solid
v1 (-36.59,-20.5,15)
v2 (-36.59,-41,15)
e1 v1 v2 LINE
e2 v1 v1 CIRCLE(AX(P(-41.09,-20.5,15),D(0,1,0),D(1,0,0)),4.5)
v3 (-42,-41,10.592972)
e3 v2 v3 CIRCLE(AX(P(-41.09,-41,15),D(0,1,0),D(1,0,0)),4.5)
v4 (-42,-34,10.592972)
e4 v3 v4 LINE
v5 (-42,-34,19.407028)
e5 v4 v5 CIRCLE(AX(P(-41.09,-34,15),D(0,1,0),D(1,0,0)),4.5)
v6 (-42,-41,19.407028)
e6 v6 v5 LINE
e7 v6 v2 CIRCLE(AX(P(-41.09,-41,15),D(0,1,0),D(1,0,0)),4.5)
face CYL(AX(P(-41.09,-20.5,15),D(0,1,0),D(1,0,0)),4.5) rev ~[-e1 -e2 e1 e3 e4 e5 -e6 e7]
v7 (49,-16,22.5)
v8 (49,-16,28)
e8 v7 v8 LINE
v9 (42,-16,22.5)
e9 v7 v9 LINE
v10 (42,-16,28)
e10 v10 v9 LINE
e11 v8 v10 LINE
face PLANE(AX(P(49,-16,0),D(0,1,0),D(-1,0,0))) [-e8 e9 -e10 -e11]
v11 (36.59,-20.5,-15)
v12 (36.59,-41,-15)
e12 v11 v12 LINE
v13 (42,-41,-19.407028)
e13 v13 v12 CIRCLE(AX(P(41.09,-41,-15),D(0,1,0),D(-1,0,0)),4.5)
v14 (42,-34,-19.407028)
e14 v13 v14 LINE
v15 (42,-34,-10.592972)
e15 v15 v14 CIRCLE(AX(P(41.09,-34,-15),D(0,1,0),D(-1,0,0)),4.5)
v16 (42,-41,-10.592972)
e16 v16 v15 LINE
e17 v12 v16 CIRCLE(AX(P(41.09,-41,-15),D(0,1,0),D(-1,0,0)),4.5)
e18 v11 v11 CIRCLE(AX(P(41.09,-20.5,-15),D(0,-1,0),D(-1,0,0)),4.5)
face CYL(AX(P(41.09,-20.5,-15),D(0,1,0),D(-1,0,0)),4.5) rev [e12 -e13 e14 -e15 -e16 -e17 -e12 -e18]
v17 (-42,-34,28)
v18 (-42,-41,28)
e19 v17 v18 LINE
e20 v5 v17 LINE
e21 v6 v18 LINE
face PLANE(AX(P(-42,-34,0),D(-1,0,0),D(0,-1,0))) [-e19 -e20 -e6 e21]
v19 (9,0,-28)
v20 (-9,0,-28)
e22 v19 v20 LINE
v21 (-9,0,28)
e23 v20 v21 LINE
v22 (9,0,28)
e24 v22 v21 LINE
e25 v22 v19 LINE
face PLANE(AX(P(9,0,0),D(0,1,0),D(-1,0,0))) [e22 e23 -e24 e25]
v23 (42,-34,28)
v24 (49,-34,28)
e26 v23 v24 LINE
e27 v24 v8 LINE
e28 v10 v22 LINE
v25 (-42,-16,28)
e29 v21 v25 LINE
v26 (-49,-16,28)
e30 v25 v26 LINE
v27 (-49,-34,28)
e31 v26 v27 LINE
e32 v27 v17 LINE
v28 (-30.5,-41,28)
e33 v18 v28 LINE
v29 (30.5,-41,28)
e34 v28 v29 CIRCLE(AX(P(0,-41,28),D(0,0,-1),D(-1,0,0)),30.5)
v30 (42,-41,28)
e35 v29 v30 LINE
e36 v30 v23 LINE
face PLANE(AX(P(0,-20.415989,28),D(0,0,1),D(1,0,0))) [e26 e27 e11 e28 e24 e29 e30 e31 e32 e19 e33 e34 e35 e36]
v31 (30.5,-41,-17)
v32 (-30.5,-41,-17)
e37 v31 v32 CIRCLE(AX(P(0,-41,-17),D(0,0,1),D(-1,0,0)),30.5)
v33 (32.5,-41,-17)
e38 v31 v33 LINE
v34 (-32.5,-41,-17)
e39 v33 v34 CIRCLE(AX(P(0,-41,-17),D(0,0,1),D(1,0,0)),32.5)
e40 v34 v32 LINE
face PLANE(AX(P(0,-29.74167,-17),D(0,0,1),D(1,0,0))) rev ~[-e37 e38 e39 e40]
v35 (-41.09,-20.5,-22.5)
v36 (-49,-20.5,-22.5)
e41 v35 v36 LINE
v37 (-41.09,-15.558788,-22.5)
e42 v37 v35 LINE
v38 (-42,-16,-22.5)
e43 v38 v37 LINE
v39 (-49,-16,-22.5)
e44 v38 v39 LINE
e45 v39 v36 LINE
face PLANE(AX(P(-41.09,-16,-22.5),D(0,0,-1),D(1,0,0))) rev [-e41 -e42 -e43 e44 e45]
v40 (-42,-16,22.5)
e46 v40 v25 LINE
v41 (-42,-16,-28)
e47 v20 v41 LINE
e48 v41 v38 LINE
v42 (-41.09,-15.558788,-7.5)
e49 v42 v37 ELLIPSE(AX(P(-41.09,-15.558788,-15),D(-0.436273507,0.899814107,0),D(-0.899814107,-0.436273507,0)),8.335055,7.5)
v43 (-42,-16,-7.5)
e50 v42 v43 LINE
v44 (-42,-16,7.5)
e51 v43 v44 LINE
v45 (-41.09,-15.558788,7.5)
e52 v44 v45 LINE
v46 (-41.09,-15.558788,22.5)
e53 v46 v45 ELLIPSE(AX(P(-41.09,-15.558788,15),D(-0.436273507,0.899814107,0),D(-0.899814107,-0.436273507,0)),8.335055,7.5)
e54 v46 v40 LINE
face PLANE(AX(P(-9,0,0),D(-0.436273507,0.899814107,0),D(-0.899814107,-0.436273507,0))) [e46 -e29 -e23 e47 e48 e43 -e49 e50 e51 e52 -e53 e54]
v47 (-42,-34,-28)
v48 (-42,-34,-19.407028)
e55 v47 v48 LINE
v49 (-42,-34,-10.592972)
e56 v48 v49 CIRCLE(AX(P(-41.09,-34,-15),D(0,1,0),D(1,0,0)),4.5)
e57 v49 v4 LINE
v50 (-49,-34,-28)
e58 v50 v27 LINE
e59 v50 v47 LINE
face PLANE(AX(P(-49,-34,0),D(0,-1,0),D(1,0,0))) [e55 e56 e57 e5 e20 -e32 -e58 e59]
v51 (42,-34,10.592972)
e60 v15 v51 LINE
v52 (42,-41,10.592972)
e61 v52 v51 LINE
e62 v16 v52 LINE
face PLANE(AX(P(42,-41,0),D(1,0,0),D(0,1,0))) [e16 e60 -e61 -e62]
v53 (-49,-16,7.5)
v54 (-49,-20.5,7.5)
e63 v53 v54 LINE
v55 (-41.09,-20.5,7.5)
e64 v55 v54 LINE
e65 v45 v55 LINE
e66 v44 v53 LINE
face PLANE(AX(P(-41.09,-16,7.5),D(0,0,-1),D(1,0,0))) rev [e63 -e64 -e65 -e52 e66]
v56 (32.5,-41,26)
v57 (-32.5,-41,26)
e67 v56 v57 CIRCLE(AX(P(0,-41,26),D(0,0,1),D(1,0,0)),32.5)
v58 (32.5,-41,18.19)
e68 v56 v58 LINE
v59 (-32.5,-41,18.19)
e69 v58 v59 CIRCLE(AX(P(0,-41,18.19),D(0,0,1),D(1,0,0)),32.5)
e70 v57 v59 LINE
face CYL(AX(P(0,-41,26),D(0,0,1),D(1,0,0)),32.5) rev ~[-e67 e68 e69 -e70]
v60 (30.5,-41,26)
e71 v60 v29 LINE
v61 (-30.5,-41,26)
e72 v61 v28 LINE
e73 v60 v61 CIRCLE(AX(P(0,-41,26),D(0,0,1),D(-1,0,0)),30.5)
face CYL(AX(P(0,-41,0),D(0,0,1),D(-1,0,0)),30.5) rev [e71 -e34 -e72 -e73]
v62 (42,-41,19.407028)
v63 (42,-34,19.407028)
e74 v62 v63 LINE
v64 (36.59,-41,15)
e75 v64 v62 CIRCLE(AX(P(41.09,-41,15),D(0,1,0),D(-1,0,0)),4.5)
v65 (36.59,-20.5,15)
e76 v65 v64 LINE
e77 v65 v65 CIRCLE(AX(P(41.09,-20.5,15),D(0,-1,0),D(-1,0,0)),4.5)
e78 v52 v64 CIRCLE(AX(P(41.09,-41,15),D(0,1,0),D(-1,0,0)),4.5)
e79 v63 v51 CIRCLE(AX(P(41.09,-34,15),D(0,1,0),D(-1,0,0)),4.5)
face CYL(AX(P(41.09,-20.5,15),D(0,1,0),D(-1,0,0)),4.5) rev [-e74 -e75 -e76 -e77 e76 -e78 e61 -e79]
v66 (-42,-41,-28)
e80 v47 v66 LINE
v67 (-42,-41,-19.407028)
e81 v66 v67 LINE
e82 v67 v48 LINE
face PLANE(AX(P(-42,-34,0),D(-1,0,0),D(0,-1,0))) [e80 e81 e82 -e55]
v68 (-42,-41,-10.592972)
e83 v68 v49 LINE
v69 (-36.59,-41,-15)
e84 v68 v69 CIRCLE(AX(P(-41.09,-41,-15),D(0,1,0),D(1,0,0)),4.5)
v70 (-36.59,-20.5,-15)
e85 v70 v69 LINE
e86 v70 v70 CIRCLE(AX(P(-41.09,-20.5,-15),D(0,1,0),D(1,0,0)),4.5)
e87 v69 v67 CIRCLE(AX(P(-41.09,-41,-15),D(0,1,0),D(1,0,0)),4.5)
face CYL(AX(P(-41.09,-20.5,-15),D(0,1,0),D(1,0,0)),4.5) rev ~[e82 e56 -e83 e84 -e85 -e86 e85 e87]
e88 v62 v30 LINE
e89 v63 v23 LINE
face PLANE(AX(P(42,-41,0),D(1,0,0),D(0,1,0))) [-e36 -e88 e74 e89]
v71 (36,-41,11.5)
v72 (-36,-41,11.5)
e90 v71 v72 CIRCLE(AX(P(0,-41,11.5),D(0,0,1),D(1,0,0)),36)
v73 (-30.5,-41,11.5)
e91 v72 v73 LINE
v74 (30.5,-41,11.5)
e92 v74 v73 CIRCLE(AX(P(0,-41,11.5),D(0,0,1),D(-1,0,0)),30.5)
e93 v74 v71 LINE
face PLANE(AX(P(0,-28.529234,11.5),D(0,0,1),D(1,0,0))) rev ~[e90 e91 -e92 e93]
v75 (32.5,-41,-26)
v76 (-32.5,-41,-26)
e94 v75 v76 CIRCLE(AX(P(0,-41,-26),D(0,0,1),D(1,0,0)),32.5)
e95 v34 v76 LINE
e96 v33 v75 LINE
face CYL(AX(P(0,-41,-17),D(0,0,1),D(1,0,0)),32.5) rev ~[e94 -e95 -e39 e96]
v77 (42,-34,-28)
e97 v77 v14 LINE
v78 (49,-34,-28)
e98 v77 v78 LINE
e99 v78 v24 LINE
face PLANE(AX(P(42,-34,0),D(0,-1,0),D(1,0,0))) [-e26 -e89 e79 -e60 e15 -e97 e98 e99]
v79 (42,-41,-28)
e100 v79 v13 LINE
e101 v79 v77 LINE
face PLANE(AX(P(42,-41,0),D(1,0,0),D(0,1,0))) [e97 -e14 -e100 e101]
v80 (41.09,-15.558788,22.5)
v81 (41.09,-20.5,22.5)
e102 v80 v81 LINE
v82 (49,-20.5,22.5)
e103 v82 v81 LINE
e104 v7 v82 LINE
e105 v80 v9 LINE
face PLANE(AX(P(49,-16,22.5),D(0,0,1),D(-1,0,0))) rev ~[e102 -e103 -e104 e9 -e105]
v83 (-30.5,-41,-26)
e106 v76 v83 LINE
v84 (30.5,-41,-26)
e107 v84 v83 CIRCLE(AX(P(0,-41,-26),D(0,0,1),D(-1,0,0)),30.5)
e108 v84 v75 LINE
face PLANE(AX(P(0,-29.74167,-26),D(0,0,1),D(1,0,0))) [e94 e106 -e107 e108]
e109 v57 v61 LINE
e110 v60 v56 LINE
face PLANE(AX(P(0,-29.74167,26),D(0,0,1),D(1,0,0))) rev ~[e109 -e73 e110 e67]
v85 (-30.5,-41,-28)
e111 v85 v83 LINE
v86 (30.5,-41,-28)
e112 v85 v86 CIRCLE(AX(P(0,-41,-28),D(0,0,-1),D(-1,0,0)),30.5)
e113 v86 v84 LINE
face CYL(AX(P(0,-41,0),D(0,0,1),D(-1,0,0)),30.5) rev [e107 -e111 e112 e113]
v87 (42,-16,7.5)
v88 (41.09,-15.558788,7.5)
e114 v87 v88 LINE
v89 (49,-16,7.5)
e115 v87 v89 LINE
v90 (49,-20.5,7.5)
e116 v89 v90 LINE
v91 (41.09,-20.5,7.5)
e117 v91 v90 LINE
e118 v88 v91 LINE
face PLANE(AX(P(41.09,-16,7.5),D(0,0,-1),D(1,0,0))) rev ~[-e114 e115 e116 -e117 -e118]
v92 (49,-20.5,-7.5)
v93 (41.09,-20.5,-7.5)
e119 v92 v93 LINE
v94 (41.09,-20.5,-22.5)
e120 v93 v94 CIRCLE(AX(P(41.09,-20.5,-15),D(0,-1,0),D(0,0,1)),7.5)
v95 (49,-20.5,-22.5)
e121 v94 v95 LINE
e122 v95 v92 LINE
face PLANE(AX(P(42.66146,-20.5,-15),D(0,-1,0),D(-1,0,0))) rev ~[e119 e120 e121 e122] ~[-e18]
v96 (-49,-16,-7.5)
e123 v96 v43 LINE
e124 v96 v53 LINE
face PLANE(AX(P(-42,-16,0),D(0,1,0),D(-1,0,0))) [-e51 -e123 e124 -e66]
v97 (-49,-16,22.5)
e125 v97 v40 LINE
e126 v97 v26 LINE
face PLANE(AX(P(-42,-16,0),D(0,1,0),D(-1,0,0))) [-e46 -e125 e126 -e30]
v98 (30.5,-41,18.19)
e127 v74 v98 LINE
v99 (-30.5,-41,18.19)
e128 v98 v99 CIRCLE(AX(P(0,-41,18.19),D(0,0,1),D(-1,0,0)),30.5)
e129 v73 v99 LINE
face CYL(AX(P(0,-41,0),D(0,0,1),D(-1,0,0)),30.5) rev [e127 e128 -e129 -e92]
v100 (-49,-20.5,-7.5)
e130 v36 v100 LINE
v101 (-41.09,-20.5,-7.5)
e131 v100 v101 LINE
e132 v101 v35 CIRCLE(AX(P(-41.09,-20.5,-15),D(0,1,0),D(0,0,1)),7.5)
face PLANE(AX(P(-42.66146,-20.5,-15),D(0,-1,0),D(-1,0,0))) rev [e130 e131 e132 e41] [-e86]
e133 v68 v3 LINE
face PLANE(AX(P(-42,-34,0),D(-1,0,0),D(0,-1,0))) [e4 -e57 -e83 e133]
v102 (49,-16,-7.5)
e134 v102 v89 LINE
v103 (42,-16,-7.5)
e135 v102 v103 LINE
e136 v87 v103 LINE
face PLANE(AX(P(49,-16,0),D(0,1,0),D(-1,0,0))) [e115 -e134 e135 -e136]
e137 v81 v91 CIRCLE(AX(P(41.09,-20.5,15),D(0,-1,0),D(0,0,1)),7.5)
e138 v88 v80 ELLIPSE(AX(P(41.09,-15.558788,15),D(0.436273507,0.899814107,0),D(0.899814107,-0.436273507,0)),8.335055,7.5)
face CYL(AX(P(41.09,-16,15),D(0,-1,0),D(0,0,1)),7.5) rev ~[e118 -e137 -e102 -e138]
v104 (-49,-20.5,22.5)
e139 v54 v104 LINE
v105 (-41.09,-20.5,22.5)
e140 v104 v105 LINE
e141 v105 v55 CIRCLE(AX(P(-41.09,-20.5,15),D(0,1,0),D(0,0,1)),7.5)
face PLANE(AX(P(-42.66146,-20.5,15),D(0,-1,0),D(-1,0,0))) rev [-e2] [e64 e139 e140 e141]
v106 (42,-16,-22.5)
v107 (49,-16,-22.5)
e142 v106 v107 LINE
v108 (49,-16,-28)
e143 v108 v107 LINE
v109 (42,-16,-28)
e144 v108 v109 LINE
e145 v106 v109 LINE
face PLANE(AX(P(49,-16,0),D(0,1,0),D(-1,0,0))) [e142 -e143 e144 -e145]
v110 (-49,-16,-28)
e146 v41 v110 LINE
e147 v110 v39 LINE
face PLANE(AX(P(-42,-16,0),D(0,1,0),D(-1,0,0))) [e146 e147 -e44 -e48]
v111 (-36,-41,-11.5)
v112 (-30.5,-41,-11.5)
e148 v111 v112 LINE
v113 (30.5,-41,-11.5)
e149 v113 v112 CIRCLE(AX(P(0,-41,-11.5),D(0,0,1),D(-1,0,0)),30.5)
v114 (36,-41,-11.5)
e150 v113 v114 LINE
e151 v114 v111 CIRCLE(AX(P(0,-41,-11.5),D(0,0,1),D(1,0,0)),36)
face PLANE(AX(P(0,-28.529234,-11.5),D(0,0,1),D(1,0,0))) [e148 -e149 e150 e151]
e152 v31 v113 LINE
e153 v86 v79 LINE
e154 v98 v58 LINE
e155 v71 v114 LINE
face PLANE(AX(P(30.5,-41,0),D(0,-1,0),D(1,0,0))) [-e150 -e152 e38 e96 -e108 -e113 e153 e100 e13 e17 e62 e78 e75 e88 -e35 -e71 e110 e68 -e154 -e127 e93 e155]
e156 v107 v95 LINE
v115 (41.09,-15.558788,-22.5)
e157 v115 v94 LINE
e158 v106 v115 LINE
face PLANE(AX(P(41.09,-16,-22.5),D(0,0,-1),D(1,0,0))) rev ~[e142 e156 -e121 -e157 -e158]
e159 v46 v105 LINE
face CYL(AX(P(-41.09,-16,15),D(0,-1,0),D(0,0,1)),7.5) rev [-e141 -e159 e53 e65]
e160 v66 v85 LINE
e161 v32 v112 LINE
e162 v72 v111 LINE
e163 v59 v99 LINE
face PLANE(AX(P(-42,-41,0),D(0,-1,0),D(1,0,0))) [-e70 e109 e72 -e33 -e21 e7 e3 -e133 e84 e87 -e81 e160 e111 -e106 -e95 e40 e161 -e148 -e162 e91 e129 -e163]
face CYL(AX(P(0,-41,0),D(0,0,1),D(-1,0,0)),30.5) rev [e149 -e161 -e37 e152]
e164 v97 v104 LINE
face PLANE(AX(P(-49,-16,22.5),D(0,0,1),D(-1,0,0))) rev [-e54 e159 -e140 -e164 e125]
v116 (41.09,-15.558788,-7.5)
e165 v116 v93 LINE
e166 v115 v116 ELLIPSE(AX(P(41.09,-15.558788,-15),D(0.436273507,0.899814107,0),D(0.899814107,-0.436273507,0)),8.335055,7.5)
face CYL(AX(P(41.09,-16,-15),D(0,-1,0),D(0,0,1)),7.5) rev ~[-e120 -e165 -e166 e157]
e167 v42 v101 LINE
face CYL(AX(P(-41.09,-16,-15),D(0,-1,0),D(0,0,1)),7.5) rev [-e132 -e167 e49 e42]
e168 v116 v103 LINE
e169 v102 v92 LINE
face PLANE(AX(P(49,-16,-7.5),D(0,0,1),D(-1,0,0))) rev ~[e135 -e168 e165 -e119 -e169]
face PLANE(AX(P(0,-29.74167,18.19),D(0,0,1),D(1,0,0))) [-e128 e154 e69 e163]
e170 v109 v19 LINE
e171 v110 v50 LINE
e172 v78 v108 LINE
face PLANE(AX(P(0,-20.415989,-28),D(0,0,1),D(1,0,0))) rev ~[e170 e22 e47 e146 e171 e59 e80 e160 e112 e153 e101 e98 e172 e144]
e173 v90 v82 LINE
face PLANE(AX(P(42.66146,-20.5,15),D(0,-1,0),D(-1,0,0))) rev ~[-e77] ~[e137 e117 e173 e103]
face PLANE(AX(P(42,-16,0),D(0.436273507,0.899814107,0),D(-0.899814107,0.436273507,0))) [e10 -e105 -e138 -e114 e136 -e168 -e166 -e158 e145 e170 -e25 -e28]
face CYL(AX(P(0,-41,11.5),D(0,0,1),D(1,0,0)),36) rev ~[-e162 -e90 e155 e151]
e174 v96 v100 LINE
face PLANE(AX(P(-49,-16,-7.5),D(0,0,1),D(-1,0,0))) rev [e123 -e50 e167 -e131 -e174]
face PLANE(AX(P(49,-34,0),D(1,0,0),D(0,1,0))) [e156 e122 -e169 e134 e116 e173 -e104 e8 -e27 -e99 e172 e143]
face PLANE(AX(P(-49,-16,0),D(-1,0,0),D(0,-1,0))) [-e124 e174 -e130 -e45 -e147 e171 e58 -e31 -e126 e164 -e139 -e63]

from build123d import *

# Parameters (mm, degrees)
Y_KSEKLIK_EKSTR_ZYON1_DEPTH = 28
KES_EKSTR_ZYON1_DEPTH       = 7.81
KES_EKSTR_ZYON2_DEPTH       = 23
KES_EKSTR_ZYON3_DEPTH       = 9
KES_EKSTR_ZYON4_DEPTH       = 9
KES_EKSTR_ZYON5_START       = -4.5
KES_EKSTR_ZYON5_DEPTH       = 4.5
IZIM7_R                     = 4.5
KES_EKSTR_ZYON6_DEPTH       = 61.043734061


with BuildPart() as part:
    # Çizim1 → Yükseklik-Ekstrüzyon1 (new, symmetric)
    with BuildSketch(Plane.XY):
        with BuildLine():
            Line((9, 0), (-9, 0))
            Line((-9, 0), (-42, -16))
            Line((-42, -16), (-49, -16))
            Line((-49, -16), (-49, -34))
            Line((-49, -34), (-42, -34))
            Line((-42, -34), (-42, -41))
            Line((-42, -41), (-30.5, -41))
            ThreePointArc((-30.5, -41), (0, -10.5), (30.5, -41))
            Line((30.5, -41), (42, -41))
            Line((42, -41), (42, -34))
            Line((42, -34), (49, -34))
            Line((49, -34), (49, -16))
            Line((49, -16), (42, -16))
            Line((42, -16), (9, 0))
        make_face()
    extrude(amount=Y_KSEKLIK_EKSTR_ZYON1_DEPTH, both=True)

    # Çizim2 → Kes-Ekstrüzyon1 (cut)
    with BuildSketch(Plane.XY.offset(26)):
        with BuildLine():
            Line((-32.5, -41), (32.5, -41))
            ThreePointArc((32.5, -41), (0, -8.5), (-32.5, -41))
        make_face()
    extrude(amount=-KES_EKSTR_ZYON1_DEPTH, mode=Mode.SUBTRACT)

    # Çizim3 → Kes-Ekstrüzyon2 (cut)
    with BuildSketch(Plane.XY.offset(11.5)):
        with BuildLine():
            Line((-36, -41), (36, -41))
            ThreePointArc((36, -41), (0, -5), (-36, -41))
        make_face()
    extrude(amount=-KES_EKSTR_ZYON2_DEPTH, mode=Mode.SUBTRACT)

    # Çizim4 → Kes-Ekstrüzyon3 (cut)
    with BuildSketch(Plane.XY.offset(-17)):
        with BuildLine():
            Line((-32.5, -41), (32.5, -41))
            ThreePointArc((32.5, -41), (0, -8.5), (-32.5, -41))
        make_face()
    extrude(amount=-KES_EKSTR_ZYON3_DEPTH, mode=Mode.SUBTRACT)

    # Çizim5 → Kes-Ekstrüzyon4 (cut)
    with BuildSketch(Plane(origin=(0, -16, 0), x_dir=(1, 0, 0), z_dir=(0, 1, 0))):
        with BuildLine():
            Line((41.09, -7.5), (49, -7.5))
            Line((49, -7.5), (49, -22.5))
            Line((49, -22.5), (41.09, -22.5))
            ThreePointArc((41.09, -22.5), (33.59, -15), (41.09, -7.5))
        make_face()
        with BuildLine():
            Line((41.09, 22.5), (49, 22.5))
            Line((49, 22.5), (49, 7.5))
            Line((49, 7.5), (41.09, 7.5))
            ThreePointArc((41.09, 7.5), (33.59, 15), (41.09, 22.5))
        make_face()
    kes_ekstr_zyon4 = extrude(amount=KES_EKSTR_ZYON4_DEPTH, mode=Mode.SUBTRACT)

    # Çizim5<2> → Kes-Ekstrüzyon5 (cut)
    with BuildSketch(Plane(origin=(0, -16, 0), x_dir=(1, 0, 0), z_dir=(0, 1, 0)).offset(KES_EKSTR_ZYON5_START)):
        with BuildLine():
            Line((41.09, -7.5), (49, -7.5))
            Line((49, -7.5), (49, -22.5))
            Line((49, -22.5), (41.09, -22.5))
            ThreePointArc((41.09, -22.5), (33.59, -15), (41.09, -7.5))
        make_face()
        with BuildLine():
            Line((41.09, 22.5), (49, 22.5))
            Line((49, 22.5), (49, 7.5))
            Line((49, 7.5), (41.09, 7.5))
            ThreePointArc((41.09, 7.5), (33.59, 15), (41.09, 22.5))
        make_face()
    kes_ekstr_zyon5 = extrude(amount=KES_EKSTR_ZYON5_DEPTH, mode=Mode.SUBTRACT)

    # Aynalama1: Kes-Ekstrüzyon4, Kes-Ekstrüzyon5 across plane
    add(kes_ekstr_zyon4.mirror(Plane(origin=(0, 0, 0), x_dir=(0, 0, 1), z_dir=(1, 0, 0))), mode=Mode.SUBTRACT)
    add(kes_ekstr_zyon5.mirror(Plane(origin=(0, 0, 0), x_dir=(0, 0, 1), z_dir=(1, 0, 0))), mode=Mode.SUBTRACT)

    # Çizim7 → Kes-Ekstrüzyon6 (cut, through all)
    with BuildSketch(Plane(origin=(0, -20.5, 0), x_dir=(1, 0, 0), z_dir=(0, 1, 0))):
        with Locations((-41.09, -15)):
            Circle(IZIM7_R)
        with Locations((-41.09, 15)):
            Circle(IZIM7_R)
    kes_ekstr_zyon6 = extrude(amount=-KES_EKSTR_ZYON6_DEPTH, mode=Mode.SUBTRACT)

    # Aynalama2: Kes-Ekstrüzyon6 across plane
    add(kes_ekstr_zyon6.mirror(Plane(origin=(0, 0, 0), x_dir=(0, 0, 1), z_dir=(1, 0, 0))), mode=Mode.SUBTRACT)


solid = part.part
